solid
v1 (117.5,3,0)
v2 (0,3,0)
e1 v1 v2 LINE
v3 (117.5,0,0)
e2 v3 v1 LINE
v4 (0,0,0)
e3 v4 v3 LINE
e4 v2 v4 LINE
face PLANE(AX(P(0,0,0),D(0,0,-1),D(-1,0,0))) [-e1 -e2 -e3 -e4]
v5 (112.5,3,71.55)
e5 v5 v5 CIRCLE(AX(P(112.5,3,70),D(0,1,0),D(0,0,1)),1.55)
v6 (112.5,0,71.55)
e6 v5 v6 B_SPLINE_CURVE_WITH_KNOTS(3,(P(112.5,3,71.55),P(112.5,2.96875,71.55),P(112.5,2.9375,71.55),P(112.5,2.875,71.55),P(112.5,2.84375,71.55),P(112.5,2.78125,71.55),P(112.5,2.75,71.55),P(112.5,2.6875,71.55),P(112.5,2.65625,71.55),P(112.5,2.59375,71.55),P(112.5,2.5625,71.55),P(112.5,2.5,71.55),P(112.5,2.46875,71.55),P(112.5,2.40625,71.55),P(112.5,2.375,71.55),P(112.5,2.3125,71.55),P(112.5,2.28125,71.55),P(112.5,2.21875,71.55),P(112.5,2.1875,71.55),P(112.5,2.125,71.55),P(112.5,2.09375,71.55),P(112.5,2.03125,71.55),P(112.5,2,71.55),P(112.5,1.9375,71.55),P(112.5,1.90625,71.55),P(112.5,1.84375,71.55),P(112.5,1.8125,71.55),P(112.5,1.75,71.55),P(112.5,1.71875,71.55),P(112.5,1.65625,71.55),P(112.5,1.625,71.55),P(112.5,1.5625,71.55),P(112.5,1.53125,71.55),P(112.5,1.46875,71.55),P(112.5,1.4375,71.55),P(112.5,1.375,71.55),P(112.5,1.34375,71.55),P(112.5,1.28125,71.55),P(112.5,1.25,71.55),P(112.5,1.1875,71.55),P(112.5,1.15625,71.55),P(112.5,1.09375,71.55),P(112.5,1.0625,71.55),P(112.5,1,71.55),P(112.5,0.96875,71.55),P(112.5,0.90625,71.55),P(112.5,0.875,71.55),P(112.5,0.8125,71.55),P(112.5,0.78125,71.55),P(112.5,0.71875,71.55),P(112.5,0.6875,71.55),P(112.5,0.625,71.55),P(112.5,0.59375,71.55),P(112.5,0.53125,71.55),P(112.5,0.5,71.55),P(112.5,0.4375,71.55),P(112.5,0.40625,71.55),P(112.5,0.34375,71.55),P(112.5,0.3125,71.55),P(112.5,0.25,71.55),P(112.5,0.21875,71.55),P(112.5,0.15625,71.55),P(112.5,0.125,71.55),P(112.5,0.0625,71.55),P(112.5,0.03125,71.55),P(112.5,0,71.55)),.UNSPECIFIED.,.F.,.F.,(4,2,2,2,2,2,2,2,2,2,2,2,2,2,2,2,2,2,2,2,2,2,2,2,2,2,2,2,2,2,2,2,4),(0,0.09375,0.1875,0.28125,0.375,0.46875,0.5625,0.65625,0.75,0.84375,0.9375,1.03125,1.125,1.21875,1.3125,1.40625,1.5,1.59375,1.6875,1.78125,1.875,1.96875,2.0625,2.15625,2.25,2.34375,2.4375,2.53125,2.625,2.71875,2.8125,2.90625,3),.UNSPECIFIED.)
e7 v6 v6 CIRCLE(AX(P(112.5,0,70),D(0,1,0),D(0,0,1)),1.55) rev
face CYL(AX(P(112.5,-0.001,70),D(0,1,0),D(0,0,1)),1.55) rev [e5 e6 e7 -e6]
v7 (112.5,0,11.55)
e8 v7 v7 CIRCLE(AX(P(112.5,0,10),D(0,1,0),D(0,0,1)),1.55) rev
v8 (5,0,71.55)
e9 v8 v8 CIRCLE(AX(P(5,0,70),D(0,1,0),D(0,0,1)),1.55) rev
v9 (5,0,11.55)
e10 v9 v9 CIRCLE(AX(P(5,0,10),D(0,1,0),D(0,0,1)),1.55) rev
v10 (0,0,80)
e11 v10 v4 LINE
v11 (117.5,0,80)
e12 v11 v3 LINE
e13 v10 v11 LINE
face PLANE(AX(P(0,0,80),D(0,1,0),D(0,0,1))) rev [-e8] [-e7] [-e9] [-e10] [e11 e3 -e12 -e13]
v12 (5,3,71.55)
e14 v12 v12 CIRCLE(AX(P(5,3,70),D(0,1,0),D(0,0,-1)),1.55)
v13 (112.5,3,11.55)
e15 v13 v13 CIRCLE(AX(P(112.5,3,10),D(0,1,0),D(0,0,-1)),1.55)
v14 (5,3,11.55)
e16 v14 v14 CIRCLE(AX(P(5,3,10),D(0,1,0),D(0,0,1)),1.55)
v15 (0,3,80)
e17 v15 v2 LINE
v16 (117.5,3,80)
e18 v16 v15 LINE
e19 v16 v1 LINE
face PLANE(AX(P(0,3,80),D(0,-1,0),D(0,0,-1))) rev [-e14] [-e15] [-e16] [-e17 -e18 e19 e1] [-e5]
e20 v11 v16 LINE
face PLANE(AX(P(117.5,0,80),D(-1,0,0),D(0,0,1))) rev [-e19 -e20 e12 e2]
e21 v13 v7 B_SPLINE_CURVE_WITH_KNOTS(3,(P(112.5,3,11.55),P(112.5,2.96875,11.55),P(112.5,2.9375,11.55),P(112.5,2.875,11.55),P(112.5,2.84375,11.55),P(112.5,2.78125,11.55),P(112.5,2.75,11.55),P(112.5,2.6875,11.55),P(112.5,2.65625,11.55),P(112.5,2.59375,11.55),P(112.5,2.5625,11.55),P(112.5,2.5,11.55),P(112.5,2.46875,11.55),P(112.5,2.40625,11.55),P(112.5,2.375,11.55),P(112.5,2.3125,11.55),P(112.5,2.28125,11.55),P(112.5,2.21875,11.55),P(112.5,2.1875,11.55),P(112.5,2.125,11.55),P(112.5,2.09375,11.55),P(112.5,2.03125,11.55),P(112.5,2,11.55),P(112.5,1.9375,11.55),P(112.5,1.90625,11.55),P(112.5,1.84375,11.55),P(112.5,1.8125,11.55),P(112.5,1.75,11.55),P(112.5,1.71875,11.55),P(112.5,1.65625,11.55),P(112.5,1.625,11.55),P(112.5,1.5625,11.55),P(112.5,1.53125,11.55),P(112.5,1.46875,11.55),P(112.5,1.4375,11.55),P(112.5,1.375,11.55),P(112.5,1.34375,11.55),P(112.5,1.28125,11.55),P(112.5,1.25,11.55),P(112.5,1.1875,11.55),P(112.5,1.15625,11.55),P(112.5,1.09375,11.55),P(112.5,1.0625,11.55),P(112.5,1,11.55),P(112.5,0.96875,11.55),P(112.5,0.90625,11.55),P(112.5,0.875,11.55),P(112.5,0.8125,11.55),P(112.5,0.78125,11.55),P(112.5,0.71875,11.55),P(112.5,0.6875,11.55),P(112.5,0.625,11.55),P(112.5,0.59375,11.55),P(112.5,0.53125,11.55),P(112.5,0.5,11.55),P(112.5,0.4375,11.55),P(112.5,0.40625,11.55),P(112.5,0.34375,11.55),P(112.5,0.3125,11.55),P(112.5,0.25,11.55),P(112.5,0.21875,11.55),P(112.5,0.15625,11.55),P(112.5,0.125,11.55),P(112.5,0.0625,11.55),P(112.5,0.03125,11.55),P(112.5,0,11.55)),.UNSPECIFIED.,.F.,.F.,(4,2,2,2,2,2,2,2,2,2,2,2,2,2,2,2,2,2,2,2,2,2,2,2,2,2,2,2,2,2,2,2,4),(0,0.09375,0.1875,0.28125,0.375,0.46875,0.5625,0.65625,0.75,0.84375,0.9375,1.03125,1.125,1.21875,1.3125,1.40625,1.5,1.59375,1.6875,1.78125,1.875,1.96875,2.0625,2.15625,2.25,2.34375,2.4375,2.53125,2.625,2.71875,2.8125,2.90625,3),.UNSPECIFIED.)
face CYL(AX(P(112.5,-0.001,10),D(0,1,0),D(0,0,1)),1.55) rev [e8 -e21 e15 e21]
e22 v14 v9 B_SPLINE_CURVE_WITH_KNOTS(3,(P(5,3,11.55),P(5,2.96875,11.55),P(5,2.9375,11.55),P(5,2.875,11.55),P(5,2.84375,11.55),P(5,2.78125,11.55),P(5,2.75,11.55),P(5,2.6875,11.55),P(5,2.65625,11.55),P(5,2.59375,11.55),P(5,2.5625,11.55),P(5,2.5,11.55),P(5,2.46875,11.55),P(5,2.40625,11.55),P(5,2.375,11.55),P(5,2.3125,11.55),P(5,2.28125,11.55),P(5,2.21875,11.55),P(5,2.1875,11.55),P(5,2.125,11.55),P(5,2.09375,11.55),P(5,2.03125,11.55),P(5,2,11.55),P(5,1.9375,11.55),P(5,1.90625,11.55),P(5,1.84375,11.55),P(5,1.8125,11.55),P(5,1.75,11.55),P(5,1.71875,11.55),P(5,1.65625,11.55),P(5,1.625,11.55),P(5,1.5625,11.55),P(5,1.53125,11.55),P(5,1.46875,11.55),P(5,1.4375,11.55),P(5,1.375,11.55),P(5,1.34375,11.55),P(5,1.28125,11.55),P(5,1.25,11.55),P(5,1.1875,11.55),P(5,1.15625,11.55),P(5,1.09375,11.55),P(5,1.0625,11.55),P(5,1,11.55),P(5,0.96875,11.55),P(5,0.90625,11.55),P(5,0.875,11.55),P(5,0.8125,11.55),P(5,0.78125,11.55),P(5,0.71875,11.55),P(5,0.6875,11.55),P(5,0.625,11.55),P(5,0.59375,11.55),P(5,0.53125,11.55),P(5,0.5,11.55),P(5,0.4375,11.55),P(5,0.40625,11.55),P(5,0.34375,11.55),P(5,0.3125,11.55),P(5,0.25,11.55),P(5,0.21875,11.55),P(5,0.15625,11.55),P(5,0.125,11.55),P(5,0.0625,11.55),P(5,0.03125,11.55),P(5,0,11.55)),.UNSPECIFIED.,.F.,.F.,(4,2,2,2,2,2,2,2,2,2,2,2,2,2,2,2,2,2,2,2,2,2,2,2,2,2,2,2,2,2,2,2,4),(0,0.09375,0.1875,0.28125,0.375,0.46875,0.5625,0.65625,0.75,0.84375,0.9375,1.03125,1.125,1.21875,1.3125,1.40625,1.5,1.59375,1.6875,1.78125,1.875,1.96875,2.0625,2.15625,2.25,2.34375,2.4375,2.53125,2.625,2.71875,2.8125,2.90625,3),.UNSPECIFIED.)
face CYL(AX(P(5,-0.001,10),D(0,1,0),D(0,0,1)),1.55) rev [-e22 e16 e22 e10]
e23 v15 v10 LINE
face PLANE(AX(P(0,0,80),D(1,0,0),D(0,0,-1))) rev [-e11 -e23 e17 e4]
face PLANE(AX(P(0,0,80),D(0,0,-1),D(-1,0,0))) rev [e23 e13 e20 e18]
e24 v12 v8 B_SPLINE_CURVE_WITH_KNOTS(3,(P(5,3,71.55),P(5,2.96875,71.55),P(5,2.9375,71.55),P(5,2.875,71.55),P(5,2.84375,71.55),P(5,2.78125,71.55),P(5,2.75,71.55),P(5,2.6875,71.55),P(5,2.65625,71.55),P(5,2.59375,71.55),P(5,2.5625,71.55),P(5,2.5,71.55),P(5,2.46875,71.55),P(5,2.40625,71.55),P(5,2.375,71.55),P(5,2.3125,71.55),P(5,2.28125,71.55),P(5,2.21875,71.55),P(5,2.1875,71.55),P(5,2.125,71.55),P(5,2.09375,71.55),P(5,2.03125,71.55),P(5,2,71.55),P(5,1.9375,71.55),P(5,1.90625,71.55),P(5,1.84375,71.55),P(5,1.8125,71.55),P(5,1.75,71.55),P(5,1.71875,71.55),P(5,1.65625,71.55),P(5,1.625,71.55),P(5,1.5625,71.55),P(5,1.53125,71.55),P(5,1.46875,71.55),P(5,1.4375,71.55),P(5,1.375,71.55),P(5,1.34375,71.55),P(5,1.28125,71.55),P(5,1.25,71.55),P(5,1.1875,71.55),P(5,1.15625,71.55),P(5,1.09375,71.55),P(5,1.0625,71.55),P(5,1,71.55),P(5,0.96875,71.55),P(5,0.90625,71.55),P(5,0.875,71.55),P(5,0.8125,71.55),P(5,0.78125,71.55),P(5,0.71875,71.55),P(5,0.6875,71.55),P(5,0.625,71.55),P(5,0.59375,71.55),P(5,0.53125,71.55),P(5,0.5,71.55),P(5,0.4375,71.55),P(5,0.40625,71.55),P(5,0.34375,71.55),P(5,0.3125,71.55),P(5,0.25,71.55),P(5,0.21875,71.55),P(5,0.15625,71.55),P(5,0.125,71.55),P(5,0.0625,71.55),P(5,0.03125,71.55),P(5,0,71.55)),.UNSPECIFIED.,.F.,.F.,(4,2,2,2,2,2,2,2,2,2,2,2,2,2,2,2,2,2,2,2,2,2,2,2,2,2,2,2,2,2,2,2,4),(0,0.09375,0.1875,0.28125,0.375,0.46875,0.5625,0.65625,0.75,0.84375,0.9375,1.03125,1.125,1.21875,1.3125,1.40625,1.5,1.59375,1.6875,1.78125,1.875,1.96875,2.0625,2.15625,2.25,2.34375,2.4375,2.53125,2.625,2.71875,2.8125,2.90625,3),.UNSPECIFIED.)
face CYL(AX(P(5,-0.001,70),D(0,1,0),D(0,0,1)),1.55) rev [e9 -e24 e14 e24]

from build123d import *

# Parameters (mm, degrees)
SKETCH_1_W          = 117.5
SKETCH_1_H          = 3
EXTRUDE_1_DEPTH     = 80
CUT_EXTRUDE_1_REACH = 144.18
SKETCH_2_R          = 1.55


with BuildPart() as part:
    # 草图1 → 凸台-拉伸1 (new body)
    with BuildSketch(Plane.XY):
        with Locations((58.75, 1.5)):
            Rectangle(SKETCH_1_W, SKETCH_1_H)
    extrude(amount=EXTRUDE_1_DEPTH)

    # 草图2 → 切除-拉伸1 (cut, up to next)
    with BuildSketch(Plane(origin=(0, 3, 0), x_dir=(1, 0, 0), z_dir=(0, 1, 0)), mode=Mode.PRIVATE) as cut_extrude_1_sk1:
        with Locations(Location((5, -10, 0), (0, 0, 270))):
            Circle(SKETCH_2_R)
    cut_extrude_1_tool1 = extrude(cut_extrude_1_sk1.sketch, amount=-CUT_EXTRUDE_1_REACH, mode=Mode.PRIVATE) & part.part
    # 草图2 → 切除-拉伸1 (cut, up to next)
    with BuildSketch(Plane(origin=(0, 3, 0), x_dir=(1, 0, 0), z_dir=(0, 1, 0)), mode=Mode.PRIVATE) as cut_extrude_1_sk2:
        with Locations(Location((5, -70, 0), (0, 0, 270))):
            Circle(SKETCH_2_R)
    cut_extrude_1_tool2 = extrude(cut_extrude_1_sk2.sketch, amount=-CUT_EXTRUDE_1_REACH, mode=Mode.PRIVATE) & part.part
    # 草图2 → 切除-拉伸1 (cut, up to next)
    with BuildSketch(Plane(origin=(0, 3, 0), x_dir=(1, 0, 0), z_dir=(0, 1, 0)), mode=Mode.PRIVATE) as cut_extrude_1_sk3:
        with Locations(Location((112.5, -70, 0), (0, 0, 270))):
            Circle(SKETCH_2_R)
    cut_extrude_1_tool3 = extrude(cut_extrude_1_sk3.sketch, amount=-CUT_EXTRUDE_1_REACH, mode=Mode.PRIVATE) & part.part
    # 草图2 → 切除-拉伸1 (cut, up to next)
    with BuildSketch(Plane(origin=(0, 3, 0), x_dir=(1, 0, 0), z_dir=(0, 1, 0)), mode=Mode.PRIVATE) as cut_extrude_1_sk4:
        with Locations(Location((112.5, -10, 0), (0, 0, 270))):
            Circle(SKETCH_2_R)
    cut_extrude_1_tool4 = extrude(cut_extrude_1_sk4.sketch, amount=-CUT_EXTRUDE_1_REACH, mode=Mode.PRIVATE) & part.part
    add(cut_extrude_1_tool1.solids().sort_by_distance((5, 3, 10))[0], mode=Mode.SUBTRACT)
    add(cut_extrude_1_tool2.solids().sort_by_distance((5, 3, 70))[0], mode=Mode.SUBTRACT)
    add(cut_extrude_1_tool3.solids().sort_by_distance((112.5, 3, 70))[0], mode=Mode.SUBTRACT)
    add(cut_extrude_1_tool4.solids().sort_by_distance((112.5, 3, 10))[0], mode=Mode.SUBTRACT)


solid = part.part
